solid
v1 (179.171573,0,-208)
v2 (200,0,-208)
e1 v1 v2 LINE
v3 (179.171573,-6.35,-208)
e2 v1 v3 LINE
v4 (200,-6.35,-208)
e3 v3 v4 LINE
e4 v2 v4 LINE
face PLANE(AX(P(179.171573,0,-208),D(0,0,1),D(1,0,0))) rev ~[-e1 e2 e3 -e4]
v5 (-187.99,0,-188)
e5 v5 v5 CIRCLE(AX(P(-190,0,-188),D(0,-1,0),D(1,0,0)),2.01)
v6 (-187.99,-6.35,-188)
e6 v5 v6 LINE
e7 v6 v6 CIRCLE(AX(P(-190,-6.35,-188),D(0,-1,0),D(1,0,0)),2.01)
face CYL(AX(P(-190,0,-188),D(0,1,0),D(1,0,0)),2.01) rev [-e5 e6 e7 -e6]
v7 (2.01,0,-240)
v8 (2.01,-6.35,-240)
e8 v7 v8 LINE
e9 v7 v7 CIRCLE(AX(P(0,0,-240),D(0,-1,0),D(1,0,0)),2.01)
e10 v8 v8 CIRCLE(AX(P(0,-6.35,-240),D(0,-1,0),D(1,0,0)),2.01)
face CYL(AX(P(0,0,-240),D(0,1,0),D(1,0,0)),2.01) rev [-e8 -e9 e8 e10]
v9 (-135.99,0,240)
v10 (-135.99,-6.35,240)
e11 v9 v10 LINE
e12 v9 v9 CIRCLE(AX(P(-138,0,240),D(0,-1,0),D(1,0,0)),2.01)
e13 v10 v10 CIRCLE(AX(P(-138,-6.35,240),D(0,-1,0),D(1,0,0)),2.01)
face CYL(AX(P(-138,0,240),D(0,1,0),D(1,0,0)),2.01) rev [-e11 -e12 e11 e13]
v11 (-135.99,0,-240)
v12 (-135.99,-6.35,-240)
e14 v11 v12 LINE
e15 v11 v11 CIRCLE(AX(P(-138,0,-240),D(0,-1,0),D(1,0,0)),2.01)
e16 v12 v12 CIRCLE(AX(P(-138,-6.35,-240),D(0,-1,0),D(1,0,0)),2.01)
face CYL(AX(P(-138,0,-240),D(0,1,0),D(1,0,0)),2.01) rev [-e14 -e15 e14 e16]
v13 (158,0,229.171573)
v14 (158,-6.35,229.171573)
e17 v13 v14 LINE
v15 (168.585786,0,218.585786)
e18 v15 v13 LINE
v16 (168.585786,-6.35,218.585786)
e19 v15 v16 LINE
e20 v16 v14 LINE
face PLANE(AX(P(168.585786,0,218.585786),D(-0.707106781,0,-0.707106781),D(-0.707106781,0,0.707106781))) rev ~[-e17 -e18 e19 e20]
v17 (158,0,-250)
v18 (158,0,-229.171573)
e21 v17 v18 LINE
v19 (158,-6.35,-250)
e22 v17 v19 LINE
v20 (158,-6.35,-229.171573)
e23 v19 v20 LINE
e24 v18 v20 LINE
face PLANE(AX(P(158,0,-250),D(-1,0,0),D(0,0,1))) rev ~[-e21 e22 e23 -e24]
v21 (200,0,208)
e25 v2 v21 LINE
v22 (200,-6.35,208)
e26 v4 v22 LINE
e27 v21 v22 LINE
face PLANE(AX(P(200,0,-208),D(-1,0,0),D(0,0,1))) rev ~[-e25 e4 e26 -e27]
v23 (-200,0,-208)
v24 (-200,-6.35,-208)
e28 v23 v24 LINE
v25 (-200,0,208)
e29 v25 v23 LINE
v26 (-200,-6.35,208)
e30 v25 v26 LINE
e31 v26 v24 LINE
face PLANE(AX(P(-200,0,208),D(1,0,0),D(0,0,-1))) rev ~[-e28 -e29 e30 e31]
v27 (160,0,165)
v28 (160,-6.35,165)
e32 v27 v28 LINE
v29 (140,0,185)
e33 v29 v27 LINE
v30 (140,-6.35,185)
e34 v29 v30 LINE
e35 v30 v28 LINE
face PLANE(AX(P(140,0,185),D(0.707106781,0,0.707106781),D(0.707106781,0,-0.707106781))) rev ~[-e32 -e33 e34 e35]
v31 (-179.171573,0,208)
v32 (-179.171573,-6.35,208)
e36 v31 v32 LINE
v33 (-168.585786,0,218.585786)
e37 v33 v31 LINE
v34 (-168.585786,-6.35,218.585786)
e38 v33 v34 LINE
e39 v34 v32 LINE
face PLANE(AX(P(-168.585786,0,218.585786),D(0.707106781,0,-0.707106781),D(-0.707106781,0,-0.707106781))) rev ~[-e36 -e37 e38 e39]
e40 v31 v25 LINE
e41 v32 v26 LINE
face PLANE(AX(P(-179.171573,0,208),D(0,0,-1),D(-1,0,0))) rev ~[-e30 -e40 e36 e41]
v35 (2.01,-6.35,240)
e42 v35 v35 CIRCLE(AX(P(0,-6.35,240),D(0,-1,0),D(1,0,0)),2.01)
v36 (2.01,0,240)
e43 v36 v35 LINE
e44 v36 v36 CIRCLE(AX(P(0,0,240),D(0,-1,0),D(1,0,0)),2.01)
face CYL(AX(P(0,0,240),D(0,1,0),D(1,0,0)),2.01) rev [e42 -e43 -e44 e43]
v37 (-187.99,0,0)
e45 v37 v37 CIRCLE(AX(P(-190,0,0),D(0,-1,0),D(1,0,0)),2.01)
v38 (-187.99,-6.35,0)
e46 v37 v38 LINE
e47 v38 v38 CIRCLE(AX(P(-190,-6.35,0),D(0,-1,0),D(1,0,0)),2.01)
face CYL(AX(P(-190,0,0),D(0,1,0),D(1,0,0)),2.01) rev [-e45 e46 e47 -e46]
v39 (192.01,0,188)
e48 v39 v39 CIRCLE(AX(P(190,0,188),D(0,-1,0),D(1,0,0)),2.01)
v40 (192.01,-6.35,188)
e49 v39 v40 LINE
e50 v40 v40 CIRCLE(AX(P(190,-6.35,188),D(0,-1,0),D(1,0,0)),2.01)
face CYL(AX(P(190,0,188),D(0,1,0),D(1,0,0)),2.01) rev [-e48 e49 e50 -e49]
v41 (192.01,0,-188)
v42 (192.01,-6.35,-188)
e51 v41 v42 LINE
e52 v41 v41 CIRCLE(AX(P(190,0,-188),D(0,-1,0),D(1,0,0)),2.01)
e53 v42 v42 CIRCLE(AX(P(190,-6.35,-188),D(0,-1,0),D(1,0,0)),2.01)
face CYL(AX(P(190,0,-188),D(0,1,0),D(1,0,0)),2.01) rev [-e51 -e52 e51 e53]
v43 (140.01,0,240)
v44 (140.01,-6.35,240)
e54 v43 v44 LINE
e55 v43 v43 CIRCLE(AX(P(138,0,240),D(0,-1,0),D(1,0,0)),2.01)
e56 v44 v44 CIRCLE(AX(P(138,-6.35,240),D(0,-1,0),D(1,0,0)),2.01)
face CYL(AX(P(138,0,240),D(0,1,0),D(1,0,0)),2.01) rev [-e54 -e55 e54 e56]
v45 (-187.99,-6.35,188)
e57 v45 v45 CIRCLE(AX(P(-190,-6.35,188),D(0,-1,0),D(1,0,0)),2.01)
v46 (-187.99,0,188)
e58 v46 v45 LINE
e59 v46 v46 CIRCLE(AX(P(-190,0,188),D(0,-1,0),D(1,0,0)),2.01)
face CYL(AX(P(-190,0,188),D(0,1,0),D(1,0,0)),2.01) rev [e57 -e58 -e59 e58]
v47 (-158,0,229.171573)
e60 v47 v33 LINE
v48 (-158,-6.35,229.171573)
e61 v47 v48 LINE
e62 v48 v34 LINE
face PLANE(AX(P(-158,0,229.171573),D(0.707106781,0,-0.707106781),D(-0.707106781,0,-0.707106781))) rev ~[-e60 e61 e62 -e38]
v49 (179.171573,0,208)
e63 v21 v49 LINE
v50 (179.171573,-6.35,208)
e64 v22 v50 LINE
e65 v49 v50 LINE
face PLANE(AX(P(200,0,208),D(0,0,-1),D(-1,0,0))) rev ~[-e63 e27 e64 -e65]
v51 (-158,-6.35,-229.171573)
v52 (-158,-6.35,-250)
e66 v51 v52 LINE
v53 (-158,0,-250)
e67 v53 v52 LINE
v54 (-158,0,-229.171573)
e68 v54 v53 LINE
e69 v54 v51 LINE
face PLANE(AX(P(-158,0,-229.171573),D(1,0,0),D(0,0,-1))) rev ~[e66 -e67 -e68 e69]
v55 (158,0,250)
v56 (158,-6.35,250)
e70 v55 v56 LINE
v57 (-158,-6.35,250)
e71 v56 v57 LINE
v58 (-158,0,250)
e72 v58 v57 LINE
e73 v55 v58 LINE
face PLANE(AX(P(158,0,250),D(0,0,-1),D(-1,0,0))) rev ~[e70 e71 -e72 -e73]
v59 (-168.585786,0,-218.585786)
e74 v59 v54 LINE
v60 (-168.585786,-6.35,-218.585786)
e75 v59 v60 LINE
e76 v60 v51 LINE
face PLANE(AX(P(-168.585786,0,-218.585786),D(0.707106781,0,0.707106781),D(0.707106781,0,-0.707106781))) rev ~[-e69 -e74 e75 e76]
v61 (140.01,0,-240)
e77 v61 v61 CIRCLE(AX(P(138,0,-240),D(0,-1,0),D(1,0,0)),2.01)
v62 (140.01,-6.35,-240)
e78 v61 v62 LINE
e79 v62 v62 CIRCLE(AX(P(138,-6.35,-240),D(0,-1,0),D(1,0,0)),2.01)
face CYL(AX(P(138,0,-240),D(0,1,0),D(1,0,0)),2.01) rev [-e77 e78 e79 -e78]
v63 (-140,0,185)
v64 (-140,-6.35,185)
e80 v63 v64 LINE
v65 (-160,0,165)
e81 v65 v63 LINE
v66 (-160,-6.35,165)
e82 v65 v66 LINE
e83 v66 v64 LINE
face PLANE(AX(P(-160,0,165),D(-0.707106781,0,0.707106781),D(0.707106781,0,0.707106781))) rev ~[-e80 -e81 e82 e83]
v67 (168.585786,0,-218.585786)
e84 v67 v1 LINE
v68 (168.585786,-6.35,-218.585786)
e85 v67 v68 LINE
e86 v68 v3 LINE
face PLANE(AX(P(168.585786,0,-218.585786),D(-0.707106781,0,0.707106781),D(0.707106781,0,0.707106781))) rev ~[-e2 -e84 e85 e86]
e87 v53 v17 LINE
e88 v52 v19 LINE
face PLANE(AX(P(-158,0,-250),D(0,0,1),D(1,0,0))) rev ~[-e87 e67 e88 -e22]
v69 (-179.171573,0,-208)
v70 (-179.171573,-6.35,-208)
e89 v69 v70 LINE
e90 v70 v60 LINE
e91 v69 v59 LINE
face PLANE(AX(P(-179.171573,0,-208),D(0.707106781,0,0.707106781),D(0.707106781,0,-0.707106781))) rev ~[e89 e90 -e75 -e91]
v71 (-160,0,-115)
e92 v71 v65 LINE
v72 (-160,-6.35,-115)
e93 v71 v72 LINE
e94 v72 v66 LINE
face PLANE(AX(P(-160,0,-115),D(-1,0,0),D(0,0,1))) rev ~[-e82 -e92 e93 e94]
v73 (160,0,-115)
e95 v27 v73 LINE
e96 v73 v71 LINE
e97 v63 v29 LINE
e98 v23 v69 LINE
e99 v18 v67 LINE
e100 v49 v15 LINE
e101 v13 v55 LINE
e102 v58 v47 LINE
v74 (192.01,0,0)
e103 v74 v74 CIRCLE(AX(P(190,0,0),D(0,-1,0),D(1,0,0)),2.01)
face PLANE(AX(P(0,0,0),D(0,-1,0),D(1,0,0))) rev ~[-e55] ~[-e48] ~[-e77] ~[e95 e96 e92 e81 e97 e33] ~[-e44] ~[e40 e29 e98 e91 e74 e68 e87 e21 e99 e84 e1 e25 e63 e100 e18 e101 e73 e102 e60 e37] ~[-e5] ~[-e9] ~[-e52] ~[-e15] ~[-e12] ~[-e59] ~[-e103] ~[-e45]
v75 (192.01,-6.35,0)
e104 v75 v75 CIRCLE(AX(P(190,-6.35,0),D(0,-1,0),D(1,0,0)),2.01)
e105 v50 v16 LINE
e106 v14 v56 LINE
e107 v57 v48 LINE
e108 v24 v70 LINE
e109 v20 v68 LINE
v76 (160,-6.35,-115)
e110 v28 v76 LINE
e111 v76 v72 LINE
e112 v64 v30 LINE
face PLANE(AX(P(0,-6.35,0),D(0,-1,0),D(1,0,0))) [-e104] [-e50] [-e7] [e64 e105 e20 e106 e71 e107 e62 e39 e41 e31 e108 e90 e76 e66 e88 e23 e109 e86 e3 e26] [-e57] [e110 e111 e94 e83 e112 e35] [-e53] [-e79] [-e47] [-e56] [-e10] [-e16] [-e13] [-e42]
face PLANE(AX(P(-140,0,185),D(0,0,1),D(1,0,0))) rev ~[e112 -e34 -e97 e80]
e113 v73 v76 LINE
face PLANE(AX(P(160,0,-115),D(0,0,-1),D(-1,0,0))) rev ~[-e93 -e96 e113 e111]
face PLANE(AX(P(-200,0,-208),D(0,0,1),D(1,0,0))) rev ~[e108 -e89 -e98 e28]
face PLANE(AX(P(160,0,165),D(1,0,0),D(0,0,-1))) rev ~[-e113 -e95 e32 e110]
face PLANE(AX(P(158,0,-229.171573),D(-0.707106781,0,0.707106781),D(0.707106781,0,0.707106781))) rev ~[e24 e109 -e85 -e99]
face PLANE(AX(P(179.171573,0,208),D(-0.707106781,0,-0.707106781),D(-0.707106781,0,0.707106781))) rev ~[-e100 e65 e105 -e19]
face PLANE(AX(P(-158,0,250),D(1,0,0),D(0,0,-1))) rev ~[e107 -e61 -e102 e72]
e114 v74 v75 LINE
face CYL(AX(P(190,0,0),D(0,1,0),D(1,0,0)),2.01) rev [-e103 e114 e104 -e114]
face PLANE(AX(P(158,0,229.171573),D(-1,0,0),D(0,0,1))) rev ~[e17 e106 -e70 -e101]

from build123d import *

# Parameters (mm, degrees)
F0_R     = 2.01
F1_DEPTH = 6.35


with BuildPart() as f1:
    # F0 (on Front) → F1 (new body)
    with BuildSketch(Plane.XZ):
        Polygon((179.1715728753, -208), (190, -208), (200, -208), (200, 208), (190, 208), (179.1715728753, 208), (168.5857864376, 218.5857864376), (158, 229.1715728753), (158, 240), (158, 250), (-158, 250), (-158, 240), (-158, 229.1715728753), (-168.5857864376, 218.5857864376), (-179.1715728753, 208), (-190, 208), (-200, 208), (-200, -208), (-190, -208), (-179.1715728753, -208), (-168.5857864376, -218.5857864376), (-158, -229.1715728753), (-158, -240), (-158, -250), (158, -250), (158, -240), (158, -229.1715728753), (168.5857864376, -218.5857864376), align=None)
        with Locations((-190, -188)):
            Circle(F0_R, mode=Mode.SUBTRACT)
        with Locations((-138, -240)):
            Circle(F0_R, mode=Mode.SUBTRACT)
        with Locations((0, -240)):
            Circle(F0_R, mode=Mode.SUBTRACT)
        with Locations((138, -240)):
            Circle(F0_R, mode=Mode.SUBTRACT)
        with Locations((190, -188)):
            Circle(F0_R, mode=Mode.SUBTRACT)
        with Locations((-190, 0)):
            Circle(F0_R, mode=Mode.SUBTRACT)
        with Locations((-190, 188)):
            Circle(F0_R, mode=Mode.SUBTRACT)
        with Locations((-138, 240)):
            Circle(F0_R, mode=Mode.SUBTRACT)
        Polygon((-140, 185), (140, 185), (160, 165), (160, -115), (0, -115), (-160, -115), (-160, 165), align=None, mode=Mode.SUBTRACT)
        with Locations((190, 0)):
            Circle(F0_R, mode=Mode.SUBTRACT)
        with Locations((0, 240)):
            Circle(F0_R, mode=Mode.SUBTRACT)
        with Locations((138, 240)):
            Circle(F0_R, mode=Mode.SUBTRACT)
        with Locations((190, 188)):
            Circle(F0_R, mode=Mode.SUBTRACT)
    extrude(amount=F1_DEPTH)


solid = f1.part
